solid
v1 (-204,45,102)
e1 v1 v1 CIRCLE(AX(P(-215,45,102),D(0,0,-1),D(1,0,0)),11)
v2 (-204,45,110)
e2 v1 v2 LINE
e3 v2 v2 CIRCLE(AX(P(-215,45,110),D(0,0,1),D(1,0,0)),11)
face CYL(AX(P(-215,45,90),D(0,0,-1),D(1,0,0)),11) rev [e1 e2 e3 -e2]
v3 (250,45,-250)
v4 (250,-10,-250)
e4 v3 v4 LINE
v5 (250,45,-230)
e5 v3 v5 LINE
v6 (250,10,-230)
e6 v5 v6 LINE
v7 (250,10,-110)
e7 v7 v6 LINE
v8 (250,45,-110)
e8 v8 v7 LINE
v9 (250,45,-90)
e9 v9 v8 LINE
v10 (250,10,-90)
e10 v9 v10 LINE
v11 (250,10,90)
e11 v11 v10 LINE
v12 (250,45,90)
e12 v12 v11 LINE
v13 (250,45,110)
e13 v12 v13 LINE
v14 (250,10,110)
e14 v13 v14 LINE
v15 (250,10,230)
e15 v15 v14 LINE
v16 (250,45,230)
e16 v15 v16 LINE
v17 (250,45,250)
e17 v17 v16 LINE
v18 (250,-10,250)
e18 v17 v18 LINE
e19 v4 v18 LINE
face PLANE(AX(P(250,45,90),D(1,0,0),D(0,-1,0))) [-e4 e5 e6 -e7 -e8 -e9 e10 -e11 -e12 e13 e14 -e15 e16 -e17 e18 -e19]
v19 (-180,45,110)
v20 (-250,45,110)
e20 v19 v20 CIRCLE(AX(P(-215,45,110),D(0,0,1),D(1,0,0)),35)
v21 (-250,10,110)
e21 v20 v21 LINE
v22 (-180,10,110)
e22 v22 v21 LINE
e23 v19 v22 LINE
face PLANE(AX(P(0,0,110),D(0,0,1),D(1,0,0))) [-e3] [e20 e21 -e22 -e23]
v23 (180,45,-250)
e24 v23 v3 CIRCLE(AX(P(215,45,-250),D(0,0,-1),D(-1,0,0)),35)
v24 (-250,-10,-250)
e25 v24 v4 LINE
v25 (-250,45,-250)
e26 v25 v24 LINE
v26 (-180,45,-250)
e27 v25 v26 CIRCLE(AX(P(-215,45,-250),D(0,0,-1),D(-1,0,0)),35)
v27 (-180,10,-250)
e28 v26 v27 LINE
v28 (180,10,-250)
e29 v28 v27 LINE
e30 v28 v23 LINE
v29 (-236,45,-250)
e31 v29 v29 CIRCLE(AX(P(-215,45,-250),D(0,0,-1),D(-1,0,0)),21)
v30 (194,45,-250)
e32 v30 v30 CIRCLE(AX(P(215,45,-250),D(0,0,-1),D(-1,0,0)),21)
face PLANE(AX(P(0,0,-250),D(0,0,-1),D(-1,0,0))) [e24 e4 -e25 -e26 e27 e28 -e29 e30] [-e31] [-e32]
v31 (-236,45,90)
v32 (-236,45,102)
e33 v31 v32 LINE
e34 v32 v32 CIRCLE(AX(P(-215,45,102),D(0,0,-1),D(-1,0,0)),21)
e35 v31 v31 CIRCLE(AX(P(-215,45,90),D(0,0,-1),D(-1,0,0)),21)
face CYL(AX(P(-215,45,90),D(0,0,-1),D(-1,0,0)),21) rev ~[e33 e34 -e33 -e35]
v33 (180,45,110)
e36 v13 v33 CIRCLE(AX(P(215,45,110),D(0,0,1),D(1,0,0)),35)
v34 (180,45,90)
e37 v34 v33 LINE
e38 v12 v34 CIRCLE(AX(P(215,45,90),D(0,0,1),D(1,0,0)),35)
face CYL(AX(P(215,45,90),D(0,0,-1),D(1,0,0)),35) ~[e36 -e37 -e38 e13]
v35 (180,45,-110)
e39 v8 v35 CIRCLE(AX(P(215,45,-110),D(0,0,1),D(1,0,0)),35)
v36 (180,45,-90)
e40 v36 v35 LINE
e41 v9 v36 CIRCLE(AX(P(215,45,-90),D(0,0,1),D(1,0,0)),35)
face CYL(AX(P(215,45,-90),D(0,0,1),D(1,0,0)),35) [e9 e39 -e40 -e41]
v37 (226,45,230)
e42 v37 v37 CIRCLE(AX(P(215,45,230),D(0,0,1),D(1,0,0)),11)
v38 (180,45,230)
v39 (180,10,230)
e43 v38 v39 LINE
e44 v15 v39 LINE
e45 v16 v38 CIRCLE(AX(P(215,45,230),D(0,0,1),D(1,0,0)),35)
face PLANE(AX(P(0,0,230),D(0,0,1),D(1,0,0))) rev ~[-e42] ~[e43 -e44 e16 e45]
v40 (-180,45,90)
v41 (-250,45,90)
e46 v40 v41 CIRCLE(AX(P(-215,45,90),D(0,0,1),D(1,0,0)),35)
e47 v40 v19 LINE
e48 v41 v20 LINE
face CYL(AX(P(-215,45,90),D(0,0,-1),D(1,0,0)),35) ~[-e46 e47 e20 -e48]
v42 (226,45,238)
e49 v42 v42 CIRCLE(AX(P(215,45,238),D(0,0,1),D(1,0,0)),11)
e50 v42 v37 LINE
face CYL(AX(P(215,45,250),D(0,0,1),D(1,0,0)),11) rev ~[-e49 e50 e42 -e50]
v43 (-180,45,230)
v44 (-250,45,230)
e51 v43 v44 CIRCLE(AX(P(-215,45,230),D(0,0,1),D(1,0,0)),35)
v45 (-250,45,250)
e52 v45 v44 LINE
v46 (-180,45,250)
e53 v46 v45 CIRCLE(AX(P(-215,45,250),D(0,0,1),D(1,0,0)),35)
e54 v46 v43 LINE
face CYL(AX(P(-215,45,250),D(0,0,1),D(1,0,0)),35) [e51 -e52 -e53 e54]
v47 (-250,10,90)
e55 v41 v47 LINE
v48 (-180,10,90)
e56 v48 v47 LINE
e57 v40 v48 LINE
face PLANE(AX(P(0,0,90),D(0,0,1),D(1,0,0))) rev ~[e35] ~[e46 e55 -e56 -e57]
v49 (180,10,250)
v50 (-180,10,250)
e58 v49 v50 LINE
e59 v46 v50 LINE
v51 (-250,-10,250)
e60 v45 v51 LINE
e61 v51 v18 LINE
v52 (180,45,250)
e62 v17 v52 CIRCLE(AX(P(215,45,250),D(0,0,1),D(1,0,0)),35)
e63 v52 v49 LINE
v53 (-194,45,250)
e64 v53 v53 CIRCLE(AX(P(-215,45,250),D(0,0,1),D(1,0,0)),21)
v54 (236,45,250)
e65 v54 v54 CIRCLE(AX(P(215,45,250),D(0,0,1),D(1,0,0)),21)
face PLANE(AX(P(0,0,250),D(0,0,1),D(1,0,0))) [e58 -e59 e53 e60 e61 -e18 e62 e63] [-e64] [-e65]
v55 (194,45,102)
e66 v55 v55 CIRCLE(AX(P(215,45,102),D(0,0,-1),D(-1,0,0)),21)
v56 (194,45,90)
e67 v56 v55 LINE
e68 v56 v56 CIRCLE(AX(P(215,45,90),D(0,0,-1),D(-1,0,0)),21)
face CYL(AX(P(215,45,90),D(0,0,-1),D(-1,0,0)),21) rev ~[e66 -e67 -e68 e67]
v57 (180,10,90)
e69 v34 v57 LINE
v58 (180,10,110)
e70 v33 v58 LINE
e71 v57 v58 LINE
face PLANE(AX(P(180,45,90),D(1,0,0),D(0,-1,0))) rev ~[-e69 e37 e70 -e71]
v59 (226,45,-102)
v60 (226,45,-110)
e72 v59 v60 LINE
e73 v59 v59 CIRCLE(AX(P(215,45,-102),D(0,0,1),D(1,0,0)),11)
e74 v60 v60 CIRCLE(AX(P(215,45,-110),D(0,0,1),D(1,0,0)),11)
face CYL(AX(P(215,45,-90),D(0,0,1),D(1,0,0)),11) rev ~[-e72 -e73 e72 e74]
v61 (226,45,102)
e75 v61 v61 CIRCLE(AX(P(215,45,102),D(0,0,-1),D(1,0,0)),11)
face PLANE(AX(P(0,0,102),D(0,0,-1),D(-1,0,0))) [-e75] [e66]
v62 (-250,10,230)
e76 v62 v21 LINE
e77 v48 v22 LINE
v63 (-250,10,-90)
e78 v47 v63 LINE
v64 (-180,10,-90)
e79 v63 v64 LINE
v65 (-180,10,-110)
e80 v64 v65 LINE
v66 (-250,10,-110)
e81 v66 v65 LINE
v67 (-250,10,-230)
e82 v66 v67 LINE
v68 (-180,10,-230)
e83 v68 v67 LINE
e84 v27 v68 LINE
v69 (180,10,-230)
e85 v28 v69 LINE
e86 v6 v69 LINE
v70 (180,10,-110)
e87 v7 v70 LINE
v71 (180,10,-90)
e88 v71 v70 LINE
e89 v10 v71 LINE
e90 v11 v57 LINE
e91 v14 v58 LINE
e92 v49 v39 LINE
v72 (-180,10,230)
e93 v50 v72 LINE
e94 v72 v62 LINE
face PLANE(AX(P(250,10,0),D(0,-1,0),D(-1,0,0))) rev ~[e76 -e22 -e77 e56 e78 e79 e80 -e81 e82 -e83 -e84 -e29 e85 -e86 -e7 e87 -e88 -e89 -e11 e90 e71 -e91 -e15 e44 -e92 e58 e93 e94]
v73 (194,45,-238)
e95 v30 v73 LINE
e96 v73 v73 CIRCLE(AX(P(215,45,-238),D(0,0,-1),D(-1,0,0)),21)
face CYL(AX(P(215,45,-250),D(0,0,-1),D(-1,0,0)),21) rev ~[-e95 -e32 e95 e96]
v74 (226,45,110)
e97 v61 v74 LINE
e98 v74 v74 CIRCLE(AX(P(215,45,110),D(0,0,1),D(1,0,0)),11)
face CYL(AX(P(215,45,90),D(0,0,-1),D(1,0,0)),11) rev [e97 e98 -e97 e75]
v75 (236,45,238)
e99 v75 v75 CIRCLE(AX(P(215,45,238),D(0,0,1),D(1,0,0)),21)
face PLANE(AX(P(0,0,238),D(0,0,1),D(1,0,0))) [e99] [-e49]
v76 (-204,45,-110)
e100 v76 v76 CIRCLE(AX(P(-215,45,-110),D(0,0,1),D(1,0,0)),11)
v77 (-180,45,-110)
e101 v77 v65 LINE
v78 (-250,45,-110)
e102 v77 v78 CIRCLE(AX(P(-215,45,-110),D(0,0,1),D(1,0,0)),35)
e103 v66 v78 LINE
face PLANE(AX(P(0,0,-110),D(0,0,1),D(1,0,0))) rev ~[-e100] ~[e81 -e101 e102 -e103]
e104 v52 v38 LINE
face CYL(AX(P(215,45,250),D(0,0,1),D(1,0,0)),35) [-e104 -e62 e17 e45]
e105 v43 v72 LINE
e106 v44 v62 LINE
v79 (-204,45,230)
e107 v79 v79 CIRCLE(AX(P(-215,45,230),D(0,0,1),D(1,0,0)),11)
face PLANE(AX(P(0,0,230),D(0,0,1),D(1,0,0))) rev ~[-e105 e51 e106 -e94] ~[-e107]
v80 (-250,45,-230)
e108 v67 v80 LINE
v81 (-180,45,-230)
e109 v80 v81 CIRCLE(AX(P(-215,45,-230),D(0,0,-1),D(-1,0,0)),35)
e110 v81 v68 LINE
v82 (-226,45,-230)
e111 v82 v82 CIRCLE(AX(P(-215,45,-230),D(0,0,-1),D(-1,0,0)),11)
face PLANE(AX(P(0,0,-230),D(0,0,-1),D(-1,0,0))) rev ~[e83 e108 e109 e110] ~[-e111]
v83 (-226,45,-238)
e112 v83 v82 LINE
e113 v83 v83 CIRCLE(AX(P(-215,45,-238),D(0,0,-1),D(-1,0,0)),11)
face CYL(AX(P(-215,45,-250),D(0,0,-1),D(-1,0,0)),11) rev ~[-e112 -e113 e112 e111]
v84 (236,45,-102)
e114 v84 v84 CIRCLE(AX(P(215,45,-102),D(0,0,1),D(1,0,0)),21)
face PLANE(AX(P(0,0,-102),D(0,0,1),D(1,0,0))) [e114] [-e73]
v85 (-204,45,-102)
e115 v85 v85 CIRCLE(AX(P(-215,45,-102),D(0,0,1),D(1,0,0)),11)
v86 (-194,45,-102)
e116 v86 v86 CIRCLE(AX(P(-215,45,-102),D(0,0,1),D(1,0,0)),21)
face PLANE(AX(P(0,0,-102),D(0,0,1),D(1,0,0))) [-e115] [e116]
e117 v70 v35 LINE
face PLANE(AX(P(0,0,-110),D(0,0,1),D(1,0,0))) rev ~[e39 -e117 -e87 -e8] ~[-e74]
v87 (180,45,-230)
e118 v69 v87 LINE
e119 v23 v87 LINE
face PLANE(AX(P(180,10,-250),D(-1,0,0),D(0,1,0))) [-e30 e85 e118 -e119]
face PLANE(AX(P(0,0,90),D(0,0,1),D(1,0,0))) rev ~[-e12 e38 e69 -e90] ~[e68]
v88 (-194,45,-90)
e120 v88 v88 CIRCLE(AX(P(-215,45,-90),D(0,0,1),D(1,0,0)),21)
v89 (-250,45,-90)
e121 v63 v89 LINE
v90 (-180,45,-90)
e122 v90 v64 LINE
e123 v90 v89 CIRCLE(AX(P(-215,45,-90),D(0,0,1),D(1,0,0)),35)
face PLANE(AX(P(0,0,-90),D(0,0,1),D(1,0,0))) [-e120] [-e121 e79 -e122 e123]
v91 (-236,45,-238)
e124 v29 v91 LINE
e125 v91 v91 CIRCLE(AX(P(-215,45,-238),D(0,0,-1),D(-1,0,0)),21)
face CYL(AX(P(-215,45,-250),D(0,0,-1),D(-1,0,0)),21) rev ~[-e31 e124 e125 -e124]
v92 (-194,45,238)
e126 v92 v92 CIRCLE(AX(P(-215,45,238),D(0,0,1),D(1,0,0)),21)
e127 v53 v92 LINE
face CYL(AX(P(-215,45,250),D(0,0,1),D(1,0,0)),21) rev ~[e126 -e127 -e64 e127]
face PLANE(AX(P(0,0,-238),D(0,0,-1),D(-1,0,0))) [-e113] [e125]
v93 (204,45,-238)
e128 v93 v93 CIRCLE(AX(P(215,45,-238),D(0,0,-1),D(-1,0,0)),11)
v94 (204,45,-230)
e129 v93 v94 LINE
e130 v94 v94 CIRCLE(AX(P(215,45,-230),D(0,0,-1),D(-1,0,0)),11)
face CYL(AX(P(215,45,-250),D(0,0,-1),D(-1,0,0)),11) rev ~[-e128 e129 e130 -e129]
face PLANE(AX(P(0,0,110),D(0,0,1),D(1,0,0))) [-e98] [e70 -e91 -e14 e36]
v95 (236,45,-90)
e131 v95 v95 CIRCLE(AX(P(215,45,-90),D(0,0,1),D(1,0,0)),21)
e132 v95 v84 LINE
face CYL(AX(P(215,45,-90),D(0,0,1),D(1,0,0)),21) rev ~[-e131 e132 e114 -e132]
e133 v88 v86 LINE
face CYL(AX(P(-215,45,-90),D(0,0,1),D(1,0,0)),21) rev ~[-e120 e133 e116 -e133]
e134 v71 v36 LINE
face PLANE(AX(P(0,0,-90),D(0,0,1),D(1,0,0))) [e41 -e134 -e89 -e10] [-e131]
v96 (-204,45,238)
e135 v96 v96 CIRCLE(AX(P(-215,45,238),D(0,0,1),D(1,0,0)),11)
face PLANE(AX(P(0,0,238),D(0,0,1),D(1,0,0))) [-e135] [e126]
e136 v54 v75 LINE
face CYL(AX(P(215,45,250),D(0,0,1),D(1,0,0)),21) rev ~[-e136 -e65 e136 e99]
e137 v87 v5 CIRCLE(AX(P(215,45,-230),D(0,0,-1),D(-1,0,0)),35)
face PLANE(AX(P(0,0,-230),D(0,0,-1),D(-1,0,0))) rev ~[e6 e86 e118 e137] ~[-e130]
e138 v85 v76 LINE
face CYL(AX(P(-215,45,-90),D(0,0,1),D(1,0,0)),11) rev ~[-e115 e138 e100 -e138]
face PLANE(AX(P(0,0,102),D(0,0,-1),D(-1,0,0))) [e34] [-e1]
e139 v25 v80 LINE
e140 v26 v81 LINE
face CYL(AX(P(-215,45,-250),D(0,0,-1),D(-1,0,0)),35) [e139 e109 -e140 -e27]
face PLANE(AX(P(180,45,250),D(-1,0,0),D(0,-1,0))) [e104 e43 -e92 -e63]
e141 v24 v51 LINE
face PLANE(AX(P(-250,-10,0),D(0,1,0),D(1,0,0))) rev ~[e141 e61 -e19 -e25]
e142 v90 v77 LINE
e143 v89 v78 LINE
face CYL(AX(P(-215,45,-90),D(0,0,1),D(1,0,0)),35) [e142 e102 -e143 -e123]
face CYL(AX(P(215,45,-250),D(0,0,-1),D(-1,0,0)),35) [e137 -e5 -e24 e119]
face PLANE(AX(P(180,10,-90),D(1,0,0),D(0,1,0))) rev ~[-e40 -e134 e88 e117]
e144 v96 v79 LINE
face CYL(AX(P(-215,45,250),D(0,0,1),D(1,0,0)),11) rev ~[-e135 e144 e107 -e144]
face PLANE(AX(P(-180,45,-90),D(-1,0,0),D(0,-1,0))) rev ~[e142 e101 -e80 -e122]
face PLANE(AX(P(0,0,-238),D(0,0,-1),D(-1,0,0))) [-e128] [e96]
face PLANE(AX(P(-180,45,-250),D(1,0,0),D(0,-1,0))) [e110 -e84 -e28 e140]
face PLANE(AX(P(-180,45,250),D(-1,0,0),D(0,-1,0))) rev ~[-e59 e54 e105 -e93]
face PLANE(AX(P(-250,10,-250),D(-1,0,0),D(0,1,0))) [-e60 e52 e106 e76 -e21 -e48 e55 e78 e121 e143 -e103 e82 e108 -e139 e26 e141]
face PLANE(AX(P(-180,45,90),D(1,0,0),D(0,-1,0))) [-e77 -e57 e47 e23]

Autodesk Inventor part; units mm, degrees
ref_plane "YZ Plane" through (0, 0, 0) normal (1, 0, 0) x (0, 1, 0)
sketch "Sketch1" plane through (0, 0, 0) normal (0, 0, 1) x (1, 0, 0)
  line L0 (-250, -10) -> (250, -10)
  line L1 (250, -10) -> (250, 10)
  line L2 (250, 10) -> (-250, 10)
  line L3 (-250, 10) -> (-250, -10)
  line L4 (-250, -10) -> (250, 10) construction
  line L5 (250, -10) -> (-250, 10) construction
  point P0 (0, 0)
  dimension "d0" = 500
  dimension "d1" = 20
extrude "Extrusion1" add sketch "Sketch1" along normal mid plane 500
sketch "Sketch2" plane through (0, 0, 250) normal (0, 0, 1) x (1, 0, 0)
  arc A0 (-180, 45) -> (-250, 45) centre (-215, 45) ccw
  line L0 (250, 10) -> (-250, 10) construction
  circle A1 centre (-215, 45) radius 11
  line L1 (-250, 45) -> (-250, 0)
  line L2 (-180, 45) -> (-180, 0)
  line L3 (-180, 0) -> (-250, 0)
  point P0 (0, 0)
  dimension "d4" = 70
  dimension "d5" = 215
  dimension "d6" = 45
  dimension "d7" = 22
  dimension "d9" = 10
extrude "Extrusion2" add sketch "Sketch2" against normal blind 20
ref_plane "Work Plane1" through (0, 0, 90) normal (0, 0, 1) x (1, 0, 0)
sketch "Sketch3" plane through (0, 0, 90) normal (0, 0, 1) x (1, 0, 0)
  arc A0 (-180, 45) -> (-250, 45) centre (-215, 45) ccw construction
  circle A1 centre (-215, 45) radius 11 construction
  line L0 (-180, 45) -> (-180, 10) construction
  line L1 (-250, 45) -> (-250, -10) construction
  circle A2 centre (-215, 45) radius 11
  arc A3 (-180, 45) -> (-250, 45) centre (-215, 45) ccw
  line L2 (-250, 45) -> (-250, 0)
  line L3 (-180, 45) -> (-180, 0)
  line L4 (-180, 0) -> (-250, 0)
  point P0 (0, 0)
extrude "Extrusion3" add sketch "Sketch3" along normal blind 20
sketch "Sketch4" plane through (0, 0, 250) normal (0, 0, 1) x (1, 0, 0)
  circle A0 centre (-215, 45) radius 11 construction
  circle A1 centre (-215, 45) radius 21
  point P0 (0, 0)
  dimension "d15" = 42
extrude "Extrusion4" cut sketch "Sketch4" against normal blind 12
sketch "Sketch5" plane through (0, 0, 90) normal (0, 0, -1) x (-1, 0, 0)
  circle A0 centre (215, 45) radius 11 construction
  circle A1 centre (215, 45) radius 21
  point P0 (0, 0)
  dimension "d18" = 42
extrude "Extrusion5" cut sketch "Sketch5" against normal blind 12
sketch "Sketch6" plane through (0, 0, 250) normal (0, 0, 1) x (1, 0, 0)
  arc A0 (250, 45) -> (180, 45) centre (215, 45) ccw
  circle A1 centre (215, 45) radius 11
  line L0 (180, 45) -> (180, 0)
  line L1 (180, 0) -> (250, 0)
  line L2 (250, 0) -> (250, 45)
  point P0 (0, 0)
  dimension "d21" = 70
  dimension "d22" = 215
  dimension "d23" = 45
  dimension "d24" = 22
  dimension "d25" = 0
extrude "Extrusion6" add sketch "Sketch6" against normal blind 20
sketch "Sketch7" plane through (0, 0, 90) normal (0, 0, 1) x (1, 0, 0)
  arc A0 (250, 45) -> (180, 45) centre (215, 45) ccw construction
  circle A1 centre (215, 45) radius 11 construction
  arc A2 (250, 45) -> (180, 45) centre (215, 45) ccw
  circle A3 centre (215, 45) radius 11 projected
  circle A4 centre (215, 45) radius 11
  line L0 (250, 45) -> (250, 10) projected
  line L1 (250, 45) -> (250, 0)
  line L2 (250, 0) -> (250, 0)
  arc A5 (250, 45) -> (180, 45) centre (215, 45) ccw projected
  line L3 (250, 0) -> (250, 45)
  line L4 (180, 45) -> (180, 0)
  line L5 (180, 0) -> (250, 0)
  point P0 (0, 0)
  dimension "d28" = 22
  dimension "d29" = 45
extrude "Extrusion7" add sketch "Sketch7" along normal blind 20
sketch "Sketch8" plane through (0, 0, 250) normal (0, 0, 1) x (1, 0, 0)
  circle A0 centre (215, 45) radius 11 construction
  circle A1 centre (215, 45) radius 21
  point P0 (0, 0)
  dimension "d32" = 42
extrude "Extrusion8" cut sketch "Sketch8" against normal blind 12
sketch "Sketch9" plane through (0, 0, 90) normal (0, 0, -1) x (-1, 0, 0)
  circle A0 centre (-215, 45) radius 11 construction
  circle A1 centre (-215, 45) radius 21
  point P0 (0, 0)
  dimension "d35" = 42
extrude "Extrusion9" cut sketch "Sketch9" against normal blind 12
sketch "Sketch10" plane through (0, 0, -250) normal (0, 0, -1) x (-1, 0, 0)
  arc A0 (-180, 45) -> (-250, 45) centre (-215, 45) ccw construction
  line L0 (-180, 45) -> (-180, 10) construction
  line L1 (-250, 10) -> (-250, 45) construction
  line L2 (250, 10) -> (-250, 10) construction
  circle A1 centre (-215, 45) radius 11 construction
  arc A2 (-180, 45) -> (-250, 45) centre (-215, 45) ccw
  arc A3 (-180, 45) -> (-250, 45) centre (-215, 45) ccw projected
  circle A4 centre (-215, 45) radius 11
  line L3 (-250, 45) -> (-250, 10)
  line L4 (-250, -10) -> (-250, 45) construction
  line L5 (-180, 10) -> (-180, 45)
  line L6 (-250, 10) -> (-180, 10)
  point P0 (0, 0)
  dimension "d38" = 22
extrude "Extrusion10" add sketch "Sketch10" against normal blind 20
sketch "Sketch11" plane through (0, 0, -250) normal (0, 0, -1) x (-1, 0, 0)
  arc A0 (250, 45) -> (180, 45) centre (215, 45) ccw construction
  circle A1 centre (215, 45) radius 11 construction
  arc A2 (250, 45) -> (180, 45) centre (215, 45) ccw
  arc A3 (250, 45) -> (180, 45) centre (215, 45) ccw projected
  circle A4 centre (215, 45) radius 11
  line L0 (180, 45) -> (180, 10) projected
  line L1 (180, 10) -> (250, 10) projected
  line L2 (180, 45) -> (180, 10)
  line L3 (180, 10) -> (250, 10)
  line L4 (250, 10) -> (250, 45)
  point P0 (0, 0)
  dimension "d41" = 22
extrude "Extrusion11" add sketch "Sketch11" against normal blind 20
ref_plane "Work Plane2" through (0, 0, -90) normal (0, 0, 1) x (1, 0, 0)
sketch "Sketch12" plane through (0, 0, -90) normal (0, 0, 1) x (1, 0, 0)
  arc A0 (250, 45) -> (180, 45) centre (215, 45) ccw construction
  circle A1 centre (215, 45) radius 11 construction
  arc A2 (250, 45) -> (180, 45) centre (215, 45) ccw
  arc A3 (250, 45) -> (180, 45) centre (215, 45) ccw projected
  circle A4 centre (215, 45) radius 11
  line L0 (250, 10) -> (180, 10) projected
  line L1 (250, 45) -> (250, 10)
  line L2 (250, 10) -> (180, 10)
  line L3 (180, 10) -> (180, 45)
  point P0 (0, 0)
extrude "Extrusion12" add sketch "Sketch12" against normal blind 20
sketch "Sketch13" plane through (0, 0, -250) normal (0, 0, -1) x (-1, 0, 0)
  circle A0 centre (-215, 45) radius 11 construction
  circle A1 centre (-215, 45) radius 21
  point P0 (0, 0)
  dimension "d47" = 42
extrude "Extrusion13" cut sketch "Sketch13" against normal blind 12
sketch "Sketch14" plane through (0, 0, -90) normal (0, 0, 1) x (1, 0, 0)
  circle A0 centre (215, 45) radius 11 construction
  circle A1 centre (215, 45) radius 21
  point P0 (0, 0)
  dimension "d50" = 42
extrude "Extrusion14" cut sketch "Sketch14" against normal blind 12
sketch "Sketch15" plane through (0, 0, -90) normal (0, 0, 1) x (1, 0, 0)
  arc A0 (-180, 45) -> (-250, 45) centre (-215, 45) ccw projected
  arc A1 (-180, 45) -> (-250, 45) centre (-215, 45) ccw
  arc A2 (-180, 45) -> (-250, 45) centre (-215, 45) ccw construction
  circle A3 centre (-215, 45) radius 11 construction
  circle A4 centre (-215, 45) radius 11
  line L0 (-180, 45) -> (-180, 10) projected
  line L1 (-180, 45) -> (-180, 10)
  line L2 (-250, 10) -> (-180, 10) projected
  line L3 (-180, 10) -> (-250, 10)
  line L4 (-250, 10) -> (-250, 45)
  point P0 (0, 0)
  dimension "d53" = 22
extrude "Extrusion15" add sketch "Sketch15" against normal blind 20
sketch "Sketch16" plane through (0, 0, -250) normal (0, 0, -1) x (-1, 0, 0)
  circle A0 centre (215, 45) radius 11 construction
  circle A1 centre (215, 45) radius 21
  point P0 (0, 0)
  dimension "d56" = 42
extrude "Extrusion16" cut sketch "Sketch16" against normal blind 12
sketch "Sketch17" plane through (0, 0, -90) normal (0, 0, 1) x (1, 0, 0)
  circle A0 centre (-215, 45) radius 11 construction
  circle A1 centre (-215, 45) radius 21
  point P0 (0, 0)
  dimension "d59" = 42
extrude "Extrusion17" cut sketch "Sketch17" against normal blind 12
properties part number "MecanumPlate_FEA" material "Aluminum 6061"
